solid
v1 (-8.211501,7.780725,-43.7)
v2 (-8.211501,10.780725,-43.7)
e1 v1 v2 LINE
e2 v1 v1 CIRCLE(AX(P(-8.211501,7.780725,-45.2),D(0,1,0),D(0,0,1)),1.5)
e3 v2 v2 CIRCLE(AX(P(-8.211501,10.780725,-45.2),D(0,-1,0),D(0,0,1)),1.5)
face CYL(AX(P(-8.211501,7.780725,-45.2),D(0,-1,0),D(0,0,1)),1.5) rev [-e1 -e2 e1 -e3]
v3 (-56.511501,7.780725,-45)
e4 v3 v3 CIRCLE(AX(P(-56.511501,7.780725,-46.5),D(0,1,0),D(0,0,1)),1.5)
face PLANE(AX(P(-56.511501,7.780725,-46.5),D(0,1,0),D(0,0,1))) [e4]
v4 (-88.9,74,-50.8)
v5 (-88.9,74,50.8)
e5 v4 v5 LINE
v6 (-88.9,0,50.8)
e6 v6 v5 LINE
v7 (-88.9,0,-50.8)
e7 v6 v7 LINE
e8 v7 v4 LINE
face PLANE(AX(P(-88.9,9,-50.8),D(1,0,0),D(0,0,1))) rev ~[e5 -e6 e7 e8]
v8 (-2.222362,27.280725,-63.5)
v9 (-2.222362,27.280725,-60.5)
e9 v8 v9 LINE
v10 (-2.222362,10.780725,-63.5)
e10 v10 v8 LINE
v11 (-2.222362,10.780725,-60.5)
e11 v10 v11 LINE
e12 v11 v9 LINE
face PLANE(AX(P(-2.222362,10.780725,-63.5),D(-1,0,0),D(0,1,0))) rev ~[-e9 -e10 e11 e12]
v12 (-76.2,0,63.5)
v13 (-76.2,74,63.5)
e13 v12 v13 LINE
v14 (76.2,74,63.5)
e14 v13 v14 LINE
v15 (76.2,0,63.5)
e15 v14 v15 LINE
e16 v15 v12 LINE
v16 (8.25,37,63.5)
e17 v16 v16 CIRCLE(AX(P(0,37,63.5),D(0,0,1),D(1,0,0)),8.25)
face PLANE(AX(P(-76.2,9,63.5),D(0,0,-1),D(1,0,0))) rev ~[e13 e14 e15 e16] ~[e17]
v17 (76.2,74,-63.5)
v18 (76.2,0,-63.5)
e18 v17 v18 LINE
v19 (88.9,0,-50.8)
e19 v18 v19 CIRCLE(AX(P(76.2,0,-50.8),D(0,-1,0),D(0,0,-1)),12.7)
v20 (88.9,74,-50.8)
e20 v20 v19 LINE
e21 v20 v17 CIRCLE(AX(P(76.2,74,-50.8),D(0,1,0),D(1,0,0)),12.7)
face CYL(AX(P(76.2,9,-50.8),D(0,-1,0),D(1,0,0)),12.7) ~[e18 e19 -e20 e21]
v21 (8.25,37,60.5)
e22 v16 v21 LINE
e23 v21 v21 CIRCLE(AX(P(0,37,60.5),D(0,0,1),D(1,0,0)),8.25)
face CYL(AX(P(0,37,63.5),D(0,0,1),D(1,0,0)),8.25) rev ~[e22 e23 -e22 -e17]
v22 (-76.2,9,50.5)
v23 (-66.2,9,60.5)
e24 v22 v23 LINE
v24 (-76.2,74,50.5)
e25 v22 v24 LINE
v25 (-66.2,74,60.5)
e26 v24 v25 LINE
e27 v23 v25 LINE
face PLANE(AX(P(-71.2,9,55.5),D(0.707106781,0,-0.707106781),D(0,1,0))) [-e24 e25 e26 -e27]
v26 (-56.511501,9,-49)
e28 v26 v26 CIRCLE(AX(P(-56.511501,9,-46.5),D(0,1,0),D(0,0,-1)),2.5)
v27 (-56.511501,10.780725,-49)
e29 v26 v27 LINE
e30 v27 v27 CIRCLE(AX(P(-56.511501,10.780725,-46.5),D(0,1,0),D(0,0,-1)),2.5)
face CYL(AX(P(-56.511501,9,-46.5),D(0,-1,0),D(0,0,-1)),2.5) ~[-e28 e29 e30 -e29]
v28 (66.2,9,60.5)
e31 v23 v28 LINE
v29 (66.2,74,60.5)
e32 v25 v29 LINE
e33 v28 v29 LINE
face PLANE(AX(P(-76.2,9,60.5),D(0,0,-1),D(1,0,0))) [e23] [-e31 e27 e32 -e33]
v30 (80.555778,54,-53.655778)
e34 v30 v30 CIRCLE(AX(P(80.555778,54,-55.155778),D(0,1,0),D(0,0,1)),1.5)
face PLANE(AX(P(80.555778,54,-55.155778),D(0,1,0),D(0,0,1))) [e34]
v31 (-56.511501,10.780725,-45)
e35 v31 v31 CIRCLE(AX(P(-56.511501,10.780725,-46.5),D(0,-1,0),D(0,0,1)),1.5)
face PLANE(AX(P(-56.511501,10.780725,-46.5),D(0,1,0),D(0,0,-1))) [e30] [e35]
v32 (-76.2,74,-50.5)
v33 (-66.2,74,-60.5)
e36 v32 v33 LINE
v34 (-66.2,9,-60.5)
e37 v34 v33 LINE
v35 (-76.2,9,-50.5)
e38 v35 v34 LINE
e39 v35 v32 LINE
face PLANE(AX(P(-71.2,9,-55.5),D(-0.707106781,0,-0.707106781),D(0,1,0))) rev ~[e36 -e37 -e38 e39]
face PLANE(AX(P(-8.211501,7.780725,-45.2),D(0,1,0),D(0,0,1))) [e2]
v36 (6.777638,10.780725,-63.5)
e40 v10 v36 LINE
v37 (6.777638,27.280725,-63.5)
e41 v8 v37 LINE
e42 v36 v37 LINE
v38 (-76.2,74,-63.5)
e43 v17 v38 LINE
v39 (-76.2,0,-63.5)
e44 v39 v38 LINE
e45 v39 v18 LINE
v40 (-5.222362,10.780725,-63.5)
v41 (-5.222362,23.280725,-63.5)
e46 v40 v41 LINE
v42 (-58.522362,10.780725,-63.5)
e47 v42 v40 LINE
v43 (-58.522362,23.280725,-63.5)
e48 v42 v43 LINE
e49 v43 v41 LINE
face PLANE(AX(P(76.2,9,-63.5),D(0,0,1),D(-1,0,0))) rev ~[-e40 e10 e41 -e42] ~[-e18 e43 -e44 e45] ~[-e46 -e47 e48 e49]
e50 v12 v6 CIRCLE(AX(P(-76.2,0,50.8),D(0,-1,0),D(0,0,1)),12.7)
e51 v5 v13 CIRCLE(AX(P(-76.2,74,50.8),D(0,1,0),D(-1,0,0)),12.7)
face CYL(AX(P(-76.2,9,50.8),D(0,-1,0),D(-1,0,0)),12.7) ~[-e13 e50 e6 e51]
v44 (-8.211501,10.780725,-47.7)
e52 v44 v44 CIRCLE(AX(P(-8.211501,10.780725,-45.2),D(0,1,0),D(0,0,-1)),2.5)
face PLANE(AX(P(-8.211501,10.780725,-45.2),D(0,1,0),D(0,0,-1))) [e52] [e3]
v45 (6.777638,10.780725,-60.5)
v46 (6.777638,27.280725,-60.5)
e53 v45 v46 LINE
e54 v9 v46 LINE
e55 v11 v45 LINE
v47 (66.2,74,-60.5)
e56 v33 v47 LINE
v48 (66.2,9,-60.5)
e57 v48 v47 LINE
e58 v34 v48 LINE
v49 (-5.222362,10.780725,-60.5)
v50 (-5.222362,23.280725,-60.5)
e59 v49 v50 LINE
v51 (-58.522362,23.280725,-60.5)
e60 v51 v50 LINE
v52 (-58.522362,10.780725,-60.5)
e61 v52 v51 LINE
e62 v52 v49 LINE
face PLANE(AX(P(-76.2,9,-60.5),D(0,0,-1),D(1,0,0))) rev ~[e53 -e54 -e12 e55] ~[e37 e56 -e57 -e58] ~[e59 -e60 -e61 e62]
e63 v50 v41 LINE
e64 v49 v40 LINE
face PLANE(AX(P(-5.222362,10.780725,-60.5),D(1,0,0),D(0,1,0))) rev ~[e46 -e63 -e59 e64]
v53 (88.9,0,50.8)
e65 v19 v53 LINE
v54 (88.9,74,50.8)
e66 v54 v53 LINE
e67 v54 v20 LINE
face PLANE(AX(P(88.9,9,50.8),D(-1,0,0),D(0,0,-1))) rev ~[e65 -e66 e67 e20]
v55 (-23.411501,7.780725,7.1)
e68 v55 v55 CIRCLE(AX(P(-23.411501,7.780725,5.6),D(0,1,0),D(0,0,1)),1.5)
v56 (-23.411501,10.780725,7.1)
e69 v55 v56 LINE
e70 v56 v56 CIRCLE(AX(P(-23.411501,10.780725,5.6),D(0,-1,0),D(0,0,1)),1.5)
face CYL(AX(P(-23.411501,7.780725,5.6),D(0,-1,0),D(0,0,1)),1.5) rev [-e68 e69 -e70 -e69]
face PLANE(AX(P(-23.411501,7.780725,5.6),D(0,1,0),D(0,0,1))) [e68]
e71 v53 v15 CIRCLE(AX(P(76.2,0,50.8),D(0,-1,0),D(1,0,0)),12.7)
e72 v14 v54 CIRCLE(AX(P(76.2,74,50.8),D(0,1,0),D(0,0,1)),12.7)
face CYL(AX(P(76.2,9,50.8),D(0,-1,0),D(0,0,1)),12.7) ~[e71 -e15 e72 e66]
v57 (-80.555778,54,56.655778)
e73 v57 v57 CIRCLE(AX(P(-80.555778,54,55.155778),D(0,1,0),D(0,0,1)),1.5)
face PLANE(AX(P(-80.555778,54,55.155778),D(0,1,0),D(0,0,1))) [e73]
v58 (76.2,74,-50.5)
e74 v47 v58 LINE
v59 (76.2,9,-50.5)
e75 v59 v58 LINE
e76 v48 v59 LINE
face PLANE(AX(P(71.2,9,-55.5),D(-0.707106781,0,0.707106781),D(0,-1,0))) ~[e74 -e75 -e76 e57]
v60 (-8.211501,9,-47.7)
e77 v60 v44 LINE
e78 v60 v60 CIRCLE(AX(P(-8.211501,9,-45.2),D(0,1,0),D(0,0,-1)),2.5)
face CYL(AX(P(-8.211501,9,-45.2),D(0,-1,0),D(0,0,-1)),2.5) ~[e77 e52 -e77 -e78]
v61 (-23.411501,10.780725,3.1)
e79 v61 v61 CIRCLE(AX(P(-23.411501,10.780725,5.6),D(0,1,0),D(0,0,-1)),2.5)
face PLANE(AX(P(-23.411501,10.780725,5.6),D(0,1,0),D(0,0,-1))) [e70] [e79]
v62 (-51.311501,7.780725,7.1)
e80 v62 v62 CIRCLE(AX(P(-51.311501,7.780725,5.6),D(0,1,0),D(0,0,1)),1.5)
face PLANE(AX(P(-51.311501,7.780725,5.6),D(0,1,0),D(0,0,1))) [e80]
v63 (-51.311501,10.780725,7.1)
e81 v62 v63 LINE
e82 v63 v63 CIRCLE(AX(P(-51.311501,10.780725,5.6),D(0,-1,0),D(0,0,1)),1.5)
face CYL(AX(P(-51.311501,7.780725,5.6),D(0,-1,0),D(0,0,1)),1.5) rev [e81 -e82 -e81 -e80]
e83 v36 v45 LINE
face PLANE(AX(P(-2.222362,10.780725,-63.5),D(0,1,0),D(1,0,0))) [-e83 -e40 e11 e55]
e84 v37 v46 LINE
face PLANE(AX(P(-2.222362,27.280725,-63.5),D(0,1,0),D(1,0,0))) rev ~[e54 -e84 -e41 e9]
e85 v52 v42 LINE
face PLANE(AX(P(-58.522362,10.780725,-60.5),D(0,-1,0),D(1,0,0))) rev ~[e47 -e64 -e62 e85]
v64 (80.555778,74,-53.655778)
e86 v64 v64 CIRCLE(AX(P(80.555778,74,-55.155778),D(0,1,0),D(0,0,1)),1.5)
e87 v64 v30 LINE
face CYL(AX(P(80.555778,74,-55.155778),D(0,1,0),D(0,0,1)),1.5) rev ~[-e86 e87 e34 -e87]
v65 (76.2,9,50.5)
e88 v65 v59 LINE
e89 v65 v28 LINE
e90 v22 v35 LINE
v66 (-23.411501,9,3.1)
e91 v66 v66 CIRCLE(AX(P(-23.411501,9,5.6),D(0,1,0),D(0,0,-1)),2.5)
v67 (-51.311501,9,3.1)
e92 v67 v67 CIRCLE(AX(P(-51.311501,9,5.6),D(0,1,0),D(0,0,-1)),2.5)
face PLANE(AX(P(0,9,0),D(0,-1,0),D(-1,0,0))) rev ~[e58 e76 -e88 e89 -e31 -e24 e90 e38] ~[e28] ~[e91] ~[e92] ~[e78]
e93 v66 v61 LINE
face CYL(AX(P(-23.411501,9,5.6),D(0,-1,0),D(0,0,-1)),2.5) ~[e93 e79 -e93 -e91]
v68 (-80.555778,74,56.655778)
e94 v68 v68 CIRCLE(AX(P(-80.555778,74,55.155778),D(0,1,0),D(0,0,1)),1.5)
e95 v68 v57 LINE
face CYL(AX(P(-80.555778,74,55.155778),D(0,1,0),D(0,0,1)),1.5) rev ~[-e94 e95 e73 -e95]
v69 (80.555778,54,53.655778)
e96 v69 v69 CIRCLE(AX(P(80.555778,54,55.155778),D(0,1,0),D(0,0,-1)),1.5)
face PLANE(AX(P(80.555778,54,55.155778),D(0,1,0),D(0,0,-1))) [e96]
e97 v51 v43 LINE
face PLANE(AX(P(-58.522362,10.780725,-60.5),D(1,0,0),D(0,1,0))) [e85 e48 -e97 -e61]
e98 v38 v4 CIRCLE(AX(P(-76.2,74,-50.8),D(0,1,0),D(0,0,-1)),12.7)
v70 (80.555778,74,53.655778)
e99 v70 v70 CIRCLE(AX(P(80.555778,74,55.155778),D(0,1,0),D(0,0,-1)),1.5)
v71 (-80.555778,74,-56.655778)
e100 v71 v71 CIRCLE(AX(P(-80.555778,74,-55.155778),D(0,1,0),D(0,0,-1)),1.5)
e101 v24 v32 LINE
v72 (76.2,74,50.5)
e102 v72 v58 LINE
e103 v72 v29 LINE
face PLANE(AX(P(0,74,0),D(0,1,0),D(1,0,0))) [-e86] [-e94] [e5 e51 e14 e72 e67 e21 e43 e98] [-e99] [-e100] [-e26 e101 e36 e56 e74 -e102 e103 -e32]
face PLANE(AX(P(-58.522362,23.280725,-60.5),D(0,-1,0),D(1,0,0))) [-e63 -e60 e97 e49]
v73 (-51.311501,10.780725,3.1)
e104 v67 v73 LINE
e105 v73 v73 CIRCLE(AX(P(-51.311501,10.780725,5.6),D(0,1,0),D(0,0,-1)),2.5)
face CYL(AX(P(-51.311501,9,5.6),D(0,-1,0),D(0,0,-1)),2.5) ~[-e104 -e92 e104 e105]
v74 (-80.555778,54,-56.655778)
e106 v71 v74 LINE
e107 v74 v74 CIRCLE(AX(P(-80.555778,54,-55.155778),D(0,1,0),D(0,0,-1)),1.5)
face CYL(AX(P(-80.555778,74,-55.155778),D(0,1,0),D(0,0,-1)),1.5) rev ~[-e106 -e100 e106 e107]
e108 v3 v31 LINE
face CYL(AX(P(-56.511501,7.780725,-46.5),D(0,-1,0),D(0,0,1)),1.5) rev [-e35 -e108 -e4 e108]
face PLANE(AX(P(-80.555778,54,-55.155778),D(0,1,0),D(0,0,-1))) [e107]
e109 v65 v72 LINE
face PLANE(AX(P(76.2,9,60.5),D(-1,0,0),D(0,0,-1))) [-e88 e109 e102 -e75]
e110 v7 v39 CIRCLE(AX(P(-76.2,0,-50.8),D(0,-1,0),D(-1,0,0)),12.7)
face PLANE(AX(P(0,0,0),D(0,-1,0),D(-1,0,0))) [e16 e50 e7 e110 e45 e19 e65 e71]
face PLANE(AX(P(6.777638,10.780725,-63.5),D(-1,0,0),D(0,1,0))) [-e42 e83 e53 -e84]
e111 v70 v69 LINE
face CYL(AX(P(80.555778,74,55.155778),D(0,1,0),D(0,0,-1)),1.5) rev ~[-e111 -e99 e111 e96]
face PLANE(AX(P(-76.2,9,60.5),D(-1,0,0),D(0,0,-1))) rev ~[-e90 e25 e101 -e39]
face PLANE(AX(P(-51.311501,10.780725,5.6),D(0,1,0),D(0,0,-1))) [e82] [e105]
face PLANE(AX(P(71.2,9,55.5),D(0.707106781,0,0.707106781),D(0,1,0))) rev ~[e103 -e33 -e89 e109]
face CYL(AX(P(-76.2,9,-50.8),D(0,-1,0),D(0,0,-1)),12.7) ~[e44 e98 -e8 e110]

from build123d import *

# Parameters (mm, degrees)
BOSS_EXTRUDE1_DEPTH     = 9
SKETCH2_W               = 152.4
SKETCH2_H               = 121
BOSS_EXTRUDE2_DEPTH     = 65
CHAMFER1_SIZE           = 10
SKETCH3_W               = 53.3
SKETCH3_H               = 12.5
CUT_EXTRUDE1_DEPTH      = 170.573612334
SKETCH4_R               = 2.5
BOSS_EXTRUDE3_DEPTH     = 1.780724539
CUT_EXTRUDE4_DEPTH      = 3
CUT_EXTRUDE4_DEPTH_BACK = 3
SKETCH5_R               = 1.5
CUT_EXTRUDE6_DEPTH      = 3
CUT_EXTRUDE6_DEPTH_BACK = 3
SKETCH7_W               = 9
SKETCH7_H               = 16.5
SKETCH8_R               = 8.25
CUT_EXTRUDE7_DEPTH      = 3
SKETCH9_R               = 1.5
CUT_EXTRUDE8_DEPTH      = 20


with BuildPart() as part:
    # Sketch1 → Boss-Extrude1 (new body)
    with BuildSketch(Plane(origin=(0, 0, 0), x_dir=(1, 0, 0), z_dir=(0, 1, 0))):
        with BuildLine():
            Line((-76.2, 63.5), (76.2, 63.5))
            ThreePointArc((76.2, 63.5), (85.180256121, 59.780256121), (88.9, 50.8))
            Line((88.9, 50.8), (88.9, -50.8))
            ThreePointArc((88.9, -50.8), (85.180256121, -59.780256121), (76.2, -63.5))
            Line((76.2, -63.5), (-76.2, -63.5))
            ThreePointArc((-76.2, -63.5), (-85.180256121, -59.780256121), (-88.9, -50.8))
            Line((-88.9, -50.8), (-88.9, 50.8))
            ThreePointArc((-88.9, 50.8), (-85.180256121, 59.780256121), (-76.2, 63.5))
        make_face()
    extrude(amount=BOSS_EXTRUDE1_DEPTH)

    # Sketch2 → Boss-Extrude2 (add)
    with BuildSketch(Plane(origin=(0, 9, 0), x_dir=(1, 0, 0), z_dir=(0, 1, 0))):
        with BuildLine():
            Line((76.2, 63.5), (-76.2, 63.5))
            ThreePointArc((-76.2, 63.5), (-85.180256121, 59.780256121), (-88.9, 50.8))
            Line((-88.9, 50.8), (-88.9, -50.8))
            ThreePointArc((-88.9, -50.8), (-85.180256121, -59.780256121), (-76.2, -63.5))
            Line((-76.2, -63.5), (76.2, -63.5))
            ThreePointArc((76.2, -63.5), (85.180256121, -59.780256121), (88.9, -50.8))
            Line((88.9, -50.8), (88.9, 50.8))
            ThreePointArc((88.9, 50.8), (85.180256121, 59.780256121), (76.2, 63.5))
        make_face()
        Rectangle(SKETCH2_W, SKETCH2_H, mode=Mode.SUBTRACT)
    extrude(amount=BOSS_EXTRUDE2_DEPTH)

    # Chamfer1
    chamfer1_edges = [part.edges().sort_by_distance(p)[0] for p in [
        (76.2, 41.5, -60.5),
        (-76.2, 41.5, -60.5),
        (-76.2, 41.5, 60.5),
        (76.2, 41.5, 60.5),
    ]]
    chamfer(chamfer1_edges, length=CHAMFER1_SIZE)

    # Sketch3 → Cut-Extrude1 (cut, through all)
    with BuildSketch(Plane.XY.offset(-60.5)):
        with Locations((-31.872362203, 17.030724539)):
            Rectangle(SKETCH3_W, SKETCH3_H)
    extrude(amount=-CUT_EXTRUDE1_DEPTH, mode=Mode.SUBTRACT)

    # Sketch4 → Boss-Extrude3 (add)
    with BuildSketch(Plane(origin=(0, 9, 0), x_dir=(1, 0, 0), z_dir=(0, 1, 0))):
        with Locations(Location((-56.511501143, 46.5, 0), (0, 0, 90))):
            Circle(SKETCH4_R)
        with Locations(Location((-8.211501143, 45.2, 0), (0, 0, 90))):
            Circle(SKETCH4_R)
        with Locations(Location((-23.411501143, -5.6, 0), (0, 0, 90))):
            Circle(SKETCH4_R)
        with Locations(Location((-51.311501143, -5.6, 0), (0, 0, 90))):
            Circle(SKETCH4_R)
    extrude(amount=BOSS_EXTRUDE3_DEPTH)

    # Sketch5 → Cut-Extrude4 (cut, two sides: drawn at the far end of the back side and taken through both)
    with BuildSketch(Plane(origin=(0, 10.780724539, 0), x_dir=(1, 0, 0), z_dir=(0, 1, 0)).offset(-CUT_EXTRUDE4_DEPTH_BACK)):
        with Locations(Location((-23.411501143, -5.6, 0), (0, 0, 270))):
            Circle(SKETCH5_R)
        with Locations(Location((-51.311501143, -5.6, 0), (0, 0, 270))):
            Circle(SKETCH5_R)
        with Locations(Location((-56.511501143, 46.5, 0), (0, 0, 270))):
            Circle(SKETCH5_R)
        with Locations(Location((-8.211501143, 45.2, 0), (0, 0, 270))):
            Circle(SKETCH5_R)
    extrude(amount=CUT_EXTRUDE4_DEPTH + CUT_EXTRUDE4_DEPTH_BACK, mode=Mode.SUBTRACT)

    # Sketch7 → Cut-Extrude6 (cut, two sides: drawn at the far end of the back side and taken through both)
    with BuildSketch(Plane.XY.offset(-60.5).offset(-CUT_EXTRUDE6_DEPTH_BACK)):
        with Locations((2.277637797, 19.030724539)):
            Rectangle(SKETCH7_W, SKETCH7_H)
    extrude(amount=CUT_EXTRUDE6_DEPTH + CUT_EXTRUDE6_DEPTH_BACK, mode=Mode.SUBTRACT)

    # Sketch8 → Cut-Extrude7 (cut)
    with BuildSketch(Plane.XY.offset(63.5)):
        with Locations((0, 37)):
            Circle(SKETCH8_R)
    extrude(amount=-CUT_EXTRUDE7_DEPTH, mode=Mode.SUBTRACT)

    # Sketch9 → Cut-Extrude8 (cut)
    with BuildSketch(Plane(origin=(0, 74, 0), x_dir=(1, 0, 0), z_dir=(0, 1, 0))):
        with Locations(Location((-80.555777772, -55.155777772, 0), (0, 0, 270))):
            Circle(SKETCH9_R)
        with Locations(Location((-80.555777772, 55.155777772, 0), (0, 0, 90))):
            Circle(SKETCH9_R)
        with Locations((29.755777772, -55.155777772)):
            Circle(SKETCH9_R)
        with Locations(Location((80.555777772, 55.155777772, 0), (0, 0, 270))):
            Circle(SKETCH9_R)
        with Locations(Location((80.555777772, -55.155777772, 0), (0, 0, 90))):
            Circle(SKETCH9_R)
    extrude(amount=-CUT_EXTRUDE8_DEPTH, mode=Mode.SUBTRACT)


solid = part.part
